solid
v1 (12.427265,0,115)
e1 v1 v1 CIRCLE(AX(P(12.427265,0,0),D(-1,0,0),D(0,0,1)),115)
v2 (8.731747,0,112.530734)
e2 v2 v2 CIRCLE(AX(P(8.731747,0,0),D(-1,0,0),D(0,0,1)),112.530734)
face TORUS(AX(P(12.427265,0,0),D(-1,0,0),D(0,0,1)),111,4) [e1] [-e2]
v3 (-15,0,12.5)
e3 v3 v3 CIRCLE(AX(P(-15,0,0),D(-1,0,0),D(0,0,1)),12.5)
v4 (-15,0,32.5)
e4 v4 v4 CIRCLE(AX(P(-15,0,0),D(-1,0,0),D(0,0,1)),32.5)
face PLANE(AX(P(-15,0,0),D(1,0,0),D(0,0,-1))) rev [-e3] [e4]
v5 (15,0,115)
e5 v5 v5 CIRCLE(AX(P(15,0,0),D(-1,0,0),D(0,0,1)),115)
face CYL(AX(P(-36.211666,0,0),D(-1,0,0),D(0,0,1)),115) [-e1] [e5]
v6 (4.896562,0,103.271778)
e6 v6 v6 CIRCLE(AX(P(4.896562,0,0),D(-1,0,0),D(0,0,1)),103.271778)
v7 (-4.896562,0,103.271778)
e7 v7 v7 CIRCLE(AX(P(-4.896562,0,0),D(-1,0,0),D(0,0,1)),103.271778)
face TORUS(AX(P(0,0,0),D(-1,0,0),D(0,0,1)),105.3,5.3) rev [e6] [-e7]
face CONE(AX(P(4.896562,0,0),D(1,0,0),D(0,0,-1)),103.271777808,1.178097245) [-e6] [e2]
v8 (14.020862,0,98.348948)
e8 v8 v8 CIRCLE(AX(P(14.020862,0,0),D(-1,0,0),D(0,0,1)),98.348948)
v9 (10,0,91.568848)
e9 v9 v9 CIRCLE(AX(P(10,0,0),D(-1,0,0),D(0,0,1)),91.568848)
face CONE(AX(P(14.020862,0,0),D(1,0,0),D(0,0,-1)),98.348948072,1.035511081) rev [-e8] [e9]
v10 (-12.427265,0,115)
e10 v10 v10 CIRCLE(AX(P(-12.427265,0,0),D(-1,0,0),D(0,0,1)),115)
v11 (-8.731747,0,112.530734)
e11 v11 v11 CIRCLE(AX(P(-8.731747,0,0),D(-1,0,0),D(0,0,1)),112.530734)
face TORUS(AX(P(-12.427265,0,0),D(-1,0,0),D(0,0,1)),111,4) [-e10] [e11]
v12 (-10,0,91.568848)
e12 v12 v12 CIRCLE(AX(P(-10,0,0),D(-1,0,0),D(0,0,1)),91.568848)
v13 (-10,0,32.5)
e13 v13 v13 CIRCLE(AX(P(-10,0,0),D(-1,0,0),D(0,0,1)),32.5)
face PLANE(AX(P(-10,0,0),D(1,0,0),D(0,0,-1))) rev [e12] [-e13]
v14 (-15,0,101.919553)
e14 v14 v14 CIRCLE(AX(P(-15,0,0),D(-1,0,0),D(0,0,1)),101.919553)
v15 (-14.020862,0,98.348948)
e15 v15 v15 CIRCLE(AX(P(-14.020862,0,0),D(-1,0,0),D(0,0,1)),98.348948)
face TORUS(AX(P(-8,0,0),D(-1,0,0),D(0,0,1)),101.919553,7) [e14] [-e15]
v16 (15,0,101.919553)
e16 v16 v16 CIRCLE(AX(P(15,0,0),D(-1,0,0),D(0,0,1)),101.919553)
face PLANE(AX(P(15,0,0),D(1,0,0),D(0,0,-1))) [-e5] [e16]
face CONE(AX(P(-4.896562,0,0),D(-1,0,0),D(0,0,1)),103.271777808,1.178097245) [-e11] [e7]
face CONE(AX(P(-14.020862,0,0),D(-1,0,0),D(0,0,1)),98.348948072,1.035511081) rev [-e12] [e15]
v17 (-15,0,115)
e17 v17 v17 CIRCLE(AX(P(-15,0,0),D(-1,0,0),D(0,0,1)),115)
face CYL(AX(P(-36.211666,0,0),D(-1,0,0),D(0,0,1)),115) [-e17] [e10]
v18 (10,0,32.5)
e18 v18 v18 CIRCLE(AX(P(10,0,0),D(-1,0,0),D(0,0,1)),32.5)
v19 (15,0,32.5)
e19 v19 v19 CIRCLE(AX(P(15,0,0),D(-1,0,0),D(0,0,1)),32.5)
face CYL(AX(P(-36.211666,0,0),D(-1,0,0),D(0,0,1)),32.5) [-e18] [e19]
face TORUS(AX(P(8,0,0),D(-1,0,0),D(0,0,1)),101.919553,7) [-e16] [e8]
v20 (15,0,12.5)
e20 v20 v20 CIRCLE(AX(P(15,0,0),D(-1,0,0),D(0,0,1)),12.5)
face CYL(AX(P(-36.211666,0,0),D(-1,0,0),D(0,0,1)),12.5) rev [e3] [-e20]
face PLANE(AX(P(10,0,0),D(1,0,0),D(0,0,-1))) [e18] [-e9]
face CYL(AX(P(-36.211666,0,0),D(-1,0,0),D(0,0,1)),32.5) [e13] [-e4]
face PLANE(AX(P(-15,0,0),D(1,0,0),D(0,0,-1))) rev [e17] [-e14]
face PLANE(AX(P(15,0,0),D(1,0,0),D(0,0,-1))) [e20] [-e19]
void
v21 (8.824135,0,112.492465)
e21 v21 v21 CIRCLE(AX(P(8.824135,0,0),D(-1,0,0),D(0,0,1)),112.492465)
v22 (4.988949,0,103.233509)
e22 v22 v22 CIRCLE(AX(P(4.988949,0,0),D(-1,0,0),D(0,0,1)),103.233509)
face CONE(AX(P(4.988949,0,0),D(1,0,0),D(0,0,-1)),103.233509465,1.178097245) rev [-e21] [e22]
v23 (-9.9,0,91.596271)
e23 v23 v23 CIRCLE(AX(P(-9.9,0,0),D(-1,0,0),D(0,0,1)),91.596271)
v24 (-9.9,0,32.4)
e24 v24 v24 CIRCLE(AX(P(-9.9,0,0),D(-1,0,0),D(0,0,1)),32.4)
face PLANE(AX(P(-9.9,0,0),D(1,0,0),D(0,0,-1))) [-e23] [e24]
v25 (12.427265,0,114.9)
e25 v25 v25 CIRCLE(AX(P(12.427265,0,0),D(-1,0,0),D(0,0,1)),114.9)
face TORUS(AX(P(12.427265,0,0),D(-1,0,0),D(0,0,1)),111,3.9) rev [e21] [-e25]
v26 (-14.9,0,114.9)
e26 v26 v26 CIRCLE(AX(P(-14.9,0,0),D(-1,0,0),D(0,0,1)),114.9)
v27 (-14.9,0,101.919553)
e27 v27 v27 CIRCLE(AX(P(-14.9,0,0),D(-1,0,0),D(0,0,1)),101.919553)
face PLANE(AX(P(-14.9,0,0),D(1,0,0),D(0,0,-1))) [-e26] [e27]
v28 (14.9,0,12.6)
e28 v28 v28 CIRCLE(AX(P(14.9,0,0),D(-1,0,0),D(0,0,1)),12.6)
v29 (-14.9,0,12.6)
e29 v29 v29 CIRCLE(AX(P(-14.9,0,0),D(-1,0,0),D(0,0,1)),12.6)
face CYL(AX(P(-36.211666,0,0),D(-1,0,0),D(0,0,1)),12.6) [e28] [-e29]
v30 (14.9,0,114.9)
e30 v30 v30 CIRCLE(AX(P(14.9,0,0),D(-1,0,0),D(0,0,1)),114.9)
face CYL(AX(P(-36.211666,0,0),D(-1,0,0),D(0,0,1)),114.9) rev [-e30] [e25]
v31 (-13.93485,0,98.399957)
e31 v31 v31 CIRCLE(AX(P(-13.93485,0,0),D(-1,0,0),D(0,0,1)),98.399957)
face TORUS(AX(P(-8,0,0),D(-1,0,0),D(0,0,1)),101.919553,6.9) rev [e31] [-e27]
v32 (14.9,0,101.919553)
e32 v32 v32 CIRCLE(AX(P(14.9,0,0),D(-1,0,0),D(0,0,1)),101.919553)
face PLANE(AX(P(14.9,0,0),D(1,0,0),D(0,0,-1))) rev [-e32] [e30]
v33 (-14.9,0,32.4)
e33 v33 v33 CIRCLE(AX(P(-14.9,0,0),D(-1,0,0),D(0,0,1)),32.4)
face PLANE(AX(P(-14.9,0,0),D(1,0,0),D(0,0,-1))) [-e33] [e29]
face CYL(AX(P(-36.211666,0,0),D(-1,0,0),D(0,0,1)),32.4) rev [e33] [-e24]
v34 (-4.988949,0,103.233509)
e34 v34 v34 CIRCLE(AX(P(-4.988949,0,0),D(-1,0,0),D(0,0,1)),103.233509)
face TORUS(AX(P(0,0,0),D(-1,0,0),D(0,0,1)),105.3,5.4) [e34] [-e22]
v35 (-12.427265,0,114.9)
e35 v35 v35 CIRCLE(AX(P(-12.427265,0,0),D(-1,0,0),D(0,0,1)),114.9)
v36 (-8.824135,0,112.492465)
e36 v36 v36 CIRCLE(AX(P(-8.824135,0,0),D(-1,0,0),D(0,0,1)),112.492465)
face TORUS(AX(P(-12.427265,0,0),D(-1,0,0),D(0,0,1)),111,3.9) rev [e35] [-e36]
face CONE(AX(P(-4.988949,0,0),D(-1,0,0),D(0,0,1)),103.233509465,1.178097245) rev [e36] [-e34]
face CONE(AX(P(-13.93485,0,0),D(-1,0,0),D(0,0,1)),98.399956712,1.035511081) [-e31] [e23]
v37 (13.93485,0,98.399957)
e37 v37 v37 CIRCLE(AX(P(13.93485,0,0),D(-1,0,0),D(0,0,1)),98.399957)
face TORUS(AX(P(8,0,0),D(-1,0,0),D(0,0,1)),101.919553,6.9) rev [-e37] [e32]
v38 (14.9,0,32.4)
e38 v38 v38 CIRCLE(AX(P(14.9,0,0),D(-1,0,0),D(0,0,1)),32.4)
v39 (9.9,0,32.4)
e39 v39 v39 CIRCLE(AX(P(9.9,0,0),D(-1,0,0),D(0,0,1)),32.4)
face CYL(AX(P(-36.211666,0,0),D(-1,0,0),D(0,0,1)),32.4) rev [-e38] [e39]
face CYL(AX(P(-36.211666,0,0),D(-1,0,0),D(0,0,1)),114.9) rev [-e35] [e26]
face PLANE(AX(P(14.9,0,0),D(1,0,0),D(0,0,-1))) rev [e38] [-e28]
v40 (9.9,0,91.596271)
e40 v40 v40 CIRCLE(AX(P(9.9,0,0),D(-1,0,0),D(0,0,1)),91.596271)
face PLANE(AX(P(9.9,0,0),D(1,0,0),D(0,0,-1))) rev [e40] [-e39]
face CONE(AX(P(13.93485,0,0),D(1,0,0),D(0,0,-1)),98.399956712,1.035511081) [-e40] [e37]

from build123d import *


with BuildPart() as part:
    # Sketch1 → Revolve-Thin2 (revolve)
    with BuildSketch(Plane.XY, mode=Mode.PRIVATE) as revolve_thin2_sk:
        with BuildLine():
            Line((15, 101.919552916), (15, 115))
            Line((15, 115), (12.427264768, 115))
            ThreePointArc((12.427264768, 115), (10.204983836, 114.325878449), (8.731746638, 112.530733729))
            Line((8.731746638, 112.530733729), (4.896561522, 103.271777808))
            ThreePointArc((4.896561522, 103.271777808), (0, 100), (-4.896561522, 103.271777808))
            Line((-4.896561522, 103.271777808), (-8.731746638, 112.530733729))
            ThreePointArc((-8.731746638, 112.530733729), (-10.204983836, 114.325878449), (-12.427264768, 115))
            Line((-12.427264768, 115), (-15, 115))
            Line((-15, 115), (-15, 101.919552916))
            ThreePointArc((-15, 101.919552916), (-14.750779031, 100.068341834), (-14.020862151, 98.348948072))
            Line((-14.020862151, 98.348948072), (-10, 91.568848397))
            Line((-10, 91.568848397), (-10, 32.5))
            Line((-10, 32.5), (-15, 32.5))
            Line((-15, 32.5), (-15, 12.5))
            Line((-15, 12.5), (15, 12.5))
            Line((15, 12.5), (15, 32.5))
            Line((15, 32.5), (10, 32.5))
            Line((10, 32.5), (10, 91.568848397))
            Line((10, 91.568848397), (14.020862151, 98.348948072))
            ThreePointArc((14.020862151, 98.348948072), (14.750779031, 100.068341834), (15, 101.919552916))
        make_face()
        with BuildLine():
            Line((14.9, 101.919552916), (14.9, 114.9))
            Line((14.9, 114.9), (12.427264768, 114.9))
            ThreePointArc((12.427264768, 114.9), (10.260540859, 114.242731488), (8.824134591, 112.492465386))
            Line((8.824134591, 112.492465386), (4.988949476, 103.233509465))
            ThreePointArc((4.988949476, 103.233509465), (0, 99.9), (-4.988949476, 103.233509465))
            Line((-4.988949476, 103.233509465), (-8.824134591, 112.492465386))
            ThreePointArc((-8.824134591, 112.492465386), (-10.260540859, 114.242731488), (-12.427264768, 114.9))
            Line((-12.427264768, 114.9), (-14.9, 114.9))
            Line((-14.9, 114.9), (-14.9, 101.919552916))
            ThreePointArc((-14.9, 101.919552916), (-14.654339331, 100.094787706), (-13.934849835, 98.399956712))
            Line((-13.934849835, 98.399956712), (-9.9, 91.596270582))
            Line((-9.9, 91.596270582), (-9.9, 32.4))
            Line((-9.9, 32.4), (-14.9, 32.4))
            Line((-14.9, 32.4), (-14.9, 12.6))
            Line((-14.9, 12.6), (14.9, 12.6))
            Line((14.9, 12.6), (14.9, 32.4))
            Line((14.9, 32.4), (9.9, 32.4))
            Line((9.9, 32.4), (9.9, 91.596270582))
            Line((9.9, 91.596270582), (13.934849835, 98.399956712))
            ThreePointArc((13.934849835, 98.399956712), (14.654339331, 100.094787706), (14.9, 101.919552916))
        make_face(mode=Mode.SUBTRACT)
    revolve(revolve_thin2_sk.sketch.rotate(Axis((-36.211666464, 0, 0), (1, 0, 0)), 90), axis=Axis((-36.211666464, 0, 0), (1, 0, 0)))


solid = part.part
